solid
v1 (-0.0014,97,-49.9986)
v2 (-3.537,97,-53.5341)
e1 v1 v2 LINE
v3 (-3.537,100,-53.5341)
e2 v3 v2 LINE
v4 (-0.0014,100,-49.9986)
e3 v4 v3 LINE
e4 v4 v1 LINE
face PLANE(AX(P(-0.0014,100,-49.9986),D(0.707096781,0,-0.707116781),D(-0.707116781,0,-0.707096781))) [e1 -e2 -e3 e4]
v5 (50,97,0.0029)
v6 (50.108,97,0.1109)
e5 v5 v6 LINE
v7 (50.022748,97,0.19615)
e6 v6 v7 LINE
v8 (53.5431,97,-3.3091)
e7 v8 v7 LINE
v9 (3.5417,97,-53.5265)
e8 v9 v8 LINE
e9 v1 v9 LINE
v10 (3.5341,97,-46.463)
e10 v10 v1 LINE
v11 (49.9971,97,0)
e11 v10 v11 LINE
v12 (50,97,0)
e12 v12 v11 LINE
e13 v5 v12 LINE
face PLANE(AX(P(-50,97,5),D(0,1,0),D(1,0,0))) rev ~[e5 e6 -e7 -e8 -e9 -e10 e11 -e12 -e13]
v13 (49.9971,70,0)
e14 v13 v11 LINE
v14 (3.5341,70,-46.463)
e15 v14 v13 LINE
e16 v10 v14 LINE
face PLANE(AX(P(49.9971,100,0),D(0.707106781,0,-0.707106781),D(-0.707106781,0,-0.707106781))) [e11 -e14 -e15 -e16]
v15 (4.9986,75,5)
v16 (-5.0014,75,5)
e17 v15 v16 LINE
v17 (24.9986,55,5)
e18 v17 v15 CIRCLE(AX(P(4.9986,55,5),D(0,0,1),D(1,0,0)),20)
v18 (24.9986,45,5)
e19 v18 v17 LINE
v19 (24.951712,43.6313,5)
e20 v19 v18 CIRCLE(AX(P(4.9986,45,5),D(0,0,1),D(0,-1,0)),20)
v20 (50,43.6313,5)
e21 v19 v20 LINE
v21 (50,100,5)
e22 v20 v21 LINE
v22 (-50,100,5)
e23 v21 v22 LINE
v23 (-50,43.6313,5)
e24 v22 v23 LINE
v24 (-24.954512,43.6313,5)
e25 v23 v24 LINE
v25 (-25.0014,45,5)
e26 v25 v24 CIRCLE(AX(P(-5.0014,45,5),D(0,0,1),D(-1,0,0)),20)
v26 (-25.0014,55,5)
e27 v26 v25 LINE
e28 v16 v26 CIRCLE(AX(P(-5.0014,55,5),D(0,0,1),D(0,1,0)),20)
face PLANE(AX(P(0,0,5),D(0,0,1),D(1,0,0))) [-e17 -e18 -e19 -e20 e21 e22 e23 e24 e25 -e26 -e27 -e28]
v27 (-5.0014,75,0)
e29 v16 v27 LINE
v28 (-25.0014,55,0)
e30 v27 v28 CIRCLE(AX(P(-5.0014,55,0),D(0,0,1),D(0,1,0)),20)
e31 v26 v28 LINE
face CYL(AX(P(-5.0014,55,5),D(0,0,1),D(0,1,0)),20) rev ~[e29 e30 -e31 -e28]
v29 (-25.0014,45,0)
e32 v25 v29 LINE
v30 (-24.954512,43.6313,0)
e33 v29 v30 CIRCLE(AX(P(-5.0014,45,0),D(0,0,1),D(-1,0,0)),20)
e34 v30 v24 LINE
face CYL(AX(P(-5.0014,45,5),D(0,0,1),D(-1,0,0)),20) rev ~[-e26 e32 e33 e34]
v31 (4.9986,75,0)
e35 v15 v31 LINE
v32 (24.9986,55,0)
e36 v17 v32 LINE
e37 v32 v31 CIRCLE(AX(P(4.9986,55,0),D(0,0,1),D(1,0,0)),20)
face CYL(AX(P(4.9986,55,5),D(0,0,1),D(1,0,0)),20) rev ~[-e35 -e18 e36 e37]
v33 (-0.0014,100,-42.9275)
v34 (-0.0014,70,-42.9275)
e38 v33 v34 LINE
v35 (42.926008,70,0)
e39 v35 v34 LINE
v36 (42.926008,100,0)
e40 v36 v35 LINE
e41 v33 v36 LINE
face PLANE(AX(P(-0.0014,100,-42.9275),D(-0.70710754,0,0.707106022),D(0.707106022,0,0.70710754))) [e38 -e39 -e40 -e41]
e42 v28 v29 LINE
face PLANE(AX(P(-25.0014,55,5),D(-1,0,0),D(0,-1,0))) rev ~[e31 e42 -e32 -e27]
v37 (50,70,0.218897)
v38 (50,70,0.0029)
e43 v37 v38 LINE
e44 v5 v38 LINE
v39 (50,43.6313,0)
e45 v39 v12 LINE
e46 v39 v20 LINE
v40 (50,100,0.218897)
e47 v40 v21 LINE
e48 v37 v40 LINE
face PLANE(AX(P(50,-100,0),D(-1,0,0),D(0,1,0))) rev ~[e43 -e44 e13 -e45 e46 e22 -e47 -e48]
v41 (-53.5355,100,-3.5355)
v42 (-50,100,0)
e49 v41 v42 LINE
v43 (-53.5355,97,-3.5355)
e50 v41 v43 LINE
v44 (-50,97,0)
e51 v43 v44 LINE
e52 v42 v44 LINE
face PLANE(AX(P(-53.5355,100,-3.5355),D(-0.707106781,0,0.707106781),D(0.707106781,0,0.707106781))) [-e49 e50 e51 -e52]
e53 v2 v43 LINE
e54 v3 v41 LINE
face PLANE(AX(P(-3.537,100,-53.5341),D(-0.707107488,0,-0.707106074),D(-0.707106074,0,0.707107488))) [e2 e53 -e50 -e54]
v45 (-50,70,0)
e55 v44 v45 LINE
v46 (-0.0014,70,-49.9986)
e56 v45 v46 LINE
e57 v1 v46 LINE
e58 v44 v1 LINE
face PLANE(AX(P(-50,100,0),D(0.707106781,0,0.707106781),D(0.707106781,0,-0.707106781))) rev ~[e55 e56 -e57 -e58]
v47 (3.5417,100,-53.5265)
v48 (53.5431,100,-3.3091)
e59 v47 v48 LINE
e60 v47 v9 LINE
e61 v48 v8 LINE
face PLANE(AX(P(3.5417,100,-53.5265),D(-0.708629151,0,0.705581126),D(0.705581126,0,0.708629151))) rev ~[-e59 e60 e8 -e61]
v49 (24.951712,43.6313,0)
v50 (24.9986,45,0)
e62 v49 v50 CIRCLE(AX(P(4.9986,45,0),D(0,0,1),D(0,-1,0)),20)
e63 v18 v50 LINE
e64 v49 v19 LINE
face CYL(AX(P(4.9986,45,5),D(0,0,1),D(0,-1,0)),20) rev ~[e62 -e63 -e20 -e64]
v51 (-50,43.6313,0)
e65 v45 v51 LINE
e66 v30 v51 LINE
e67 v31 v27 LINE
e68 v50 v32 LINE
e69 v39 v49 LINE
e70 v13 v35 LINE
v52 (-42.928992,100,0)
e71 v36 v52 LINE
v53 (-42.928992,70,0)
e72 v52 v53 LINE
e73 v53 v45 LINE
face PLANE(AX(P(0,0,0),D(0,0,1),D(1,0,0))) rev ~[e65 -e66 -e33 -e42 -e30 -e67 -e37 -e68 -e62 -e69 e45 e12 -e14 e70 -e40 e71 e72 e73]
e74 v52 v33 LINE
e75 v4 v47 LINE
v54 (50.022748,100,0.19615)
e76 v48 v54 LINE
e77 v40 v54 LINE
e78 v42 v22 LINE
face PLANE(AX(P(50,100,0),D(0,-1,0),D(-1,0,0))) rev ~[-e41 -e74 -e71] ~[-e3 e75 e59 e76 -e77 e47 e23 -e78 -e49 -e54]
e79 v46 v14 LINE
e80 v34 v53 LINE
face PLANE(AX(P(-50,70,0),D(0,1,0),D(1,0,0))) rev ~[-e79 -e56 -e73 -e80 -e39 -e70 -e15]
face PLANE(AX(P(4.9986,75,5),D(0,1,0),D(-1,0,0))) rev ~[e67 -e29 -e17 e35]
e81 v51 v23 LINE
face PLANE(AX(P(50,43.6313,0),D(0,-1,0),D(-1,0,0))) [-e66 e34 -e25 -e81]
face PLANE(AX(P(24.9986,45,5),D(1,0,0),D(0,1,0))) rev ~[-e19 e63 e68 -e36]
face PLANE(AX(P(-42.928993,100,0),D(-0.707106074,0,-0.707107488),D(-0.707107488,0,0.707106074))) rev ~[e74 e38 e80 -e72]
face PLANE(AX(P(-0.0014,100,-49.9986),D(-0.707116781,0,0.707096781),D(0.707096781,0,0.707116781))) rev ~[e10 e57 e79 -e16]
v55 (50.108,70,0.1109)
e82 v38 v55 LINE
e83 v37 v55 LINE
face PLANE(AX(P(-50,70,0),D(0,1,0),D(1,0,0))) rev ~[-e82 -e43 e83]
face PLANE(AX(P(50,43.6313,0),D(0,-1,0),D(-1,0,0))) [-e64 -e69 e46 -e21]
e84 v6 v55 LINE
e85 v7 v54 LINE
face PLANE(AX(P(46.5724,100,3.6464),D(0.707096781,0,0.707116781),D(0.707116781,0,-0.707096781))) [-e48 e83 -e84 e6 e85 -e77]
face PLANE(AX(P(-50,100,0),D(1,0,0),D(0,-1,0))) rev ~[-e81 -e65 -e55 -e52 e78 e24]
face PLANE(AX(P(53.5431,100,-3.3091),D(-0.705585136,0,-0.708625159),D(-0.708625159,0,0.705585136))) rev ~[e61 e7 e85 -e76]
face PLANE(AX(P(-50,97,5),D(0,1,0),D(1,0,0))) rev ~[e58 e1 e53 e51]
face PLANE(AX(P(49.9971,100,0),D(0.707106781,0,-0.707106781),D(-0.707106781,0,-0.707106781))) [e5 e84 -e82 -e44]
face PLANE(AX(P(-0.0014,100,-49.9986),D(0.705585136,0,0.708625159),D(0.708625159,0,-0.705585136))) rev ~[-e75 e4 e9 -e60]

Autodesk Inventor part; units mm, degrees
ref_plane "YZ Plane" through (0, 0, 0) normal (1, 0, 0) x (0, 1, 0)
ref_plane "XZ Plane" through (0, 0, 0) normal (0, 1, 0) x (-1, 0, 0)
ref_plane "XY Plane" through (0, 0, 0) normal (0, 0, 1) x (1, 0, 0)
sketch "Sketch1" plane through (0, 0, 0) normal (0, 0, 1) x (1, 0, 0)
  line L0 (-50, -100) -> (50, -100)
  line L1 (50, -100) -> (50, 100)
  line L2 (50, 100) -> (-50, 100)
  line L3 (-50, 100) -> (-50, -100)
  line L4 (-50, -100) -> (50, 100) construction
  line L5 (50, -100) -> (-50, 100) construction
  point P0 (0, 0)
  dimension "d0" = 100
  dimension "d1" = 200
extrude "Extrusion1" add sketch "Sketch1" along normal blind 5
sketch "Sketch2" plane through (-50, 100, 0) normal (0, 1, 0) x (1, 0, 0)
  line L0 (0, 0) -> (100, 0) projected
  line L1 (0, 0) -> (49.9986, 49.9986)
  line L2 (49.9986, 49.9986) -> (53.5341, 46.463)
  line L3 (53.5341, 46.463) -> (3.5355, -3.5355)
  line L4 (3.5355, -3.5355) -> (0, 0)
  line L5 (0, 0) -> (70.7086, 0) construction
  line L6 (100.108, -0.1109) -> (53.5341, 46.463)
  line L7 (53.5341, 46.463) -> (49.9986, 42.9275)
  line L8 (49.9986, 42.9275) -> (96.5724, -3.6464)
  line L9 (96.5724, -3.6464) -> (100.108, -0.1109)
  point P0 (50, 0)
  point P1 (49.9986, 42.9275)
  dimension "d4" = 45
  dimension "d5" = 5
  dimension "d6" = 5
extrude "Extrusion2" add sketch "Sketch2" against normal blind 30 contours L1 L2 L3 L0 | L0 L3 L4 | L8 L3 L6 L0 | L0 L6 L9 L8
sketch "Sketch6" plane through (0, 0, 5) normal (0, 0, 1) x (1, 0, 0)
  line L0 (4.9986, 75) -> (-5.0014, 75)
  line L1 (-25.0014, 55) -> (-25.0014, 45)
  line L2 (-5.0014, 25) -> (4.9986, 25)
  line L3 (24.9986, 45) -> (24.9986, 55)
  line L4 (24.9986, 75) -> (-25.0014, 25) construction
  line L5 (-25.0014, 75) -> (24.9986, 25) construction
  arc A0 (4.9986, 25) -> (24.9986, 45) centre (4.9986, 45) ccw
  arc A1 (24.9986, 55) -> (4.9986, 75) centre (4.9986, 55) ccw
  arc A2 (-5.0014, 75) -> (-25.0014, 55) centre (-5.0014, 55) ccw
  arc A3 (-25.0014, 45) -> (-5.0014, 25) centre (-5.0014, 45) ccw
  point P0 (0, 0)
  point P1 (-0.0014, 50)
  dimension "d21" = 50
  dimension "d22" = 50
  dimension "d23" = 20
extrude "Extrusion6" cut sketch "Sketch6" against normal blind 5
sketch "Sketch10" plane through (-50, 100, 5) normal (0, 1, 0) x (1, 0, 0)
  line L0 (0, 5) -> (7.0711, 5) projected
  line L1 (49.9986, 54.9986) -> (99.9971, 5) projected
  line L2 (0, 5) -> (49.9986, 54.9986)
  line L3 (49.9986, 54.9986) -> (46.463, 58.5341)
  line L4 (46.463, 58.5341) -> (-3.5355, 8.5355)
  line L5 (-3.5355, 8.5355) -> (0, 5)
  line L6 (100, 4.7812) -> (100, 0) projected
  line L7 (100, 4.7812) -> (49.9986, 54.9986)
  line L8 (49.9986, 54.9986) -> (53.5417, 58.5265)
  line L9 (53.5417, 58.5265) -> (103.5431, 8.3091)
  line L10 (103.5431, 8.3091) -> (100, 4.7812)
  line L11 (92.926, 5) -> (49.9986, 47.9275) projected
  line L12 (100, 0) -> (0, 0) projected
  line L13 (0, 0) -> (100, 0)
  point P0 (50, 5)
  dimension "d33" = 5
  dimension "d34" = 5
extrude "Extrusion9" add sketch "Sketch10" against normal blind 3
sketch "Sketch12" plane through (0, 0, 0) normal (0, 0, -1) x (-1, 0, 0)
  point P0 (0, 0)
sketch "Sketch13" plane through (0, 0, 0) normal (0, 0, -1) x (-1, 0, 0)
  line L0 (50, 100) -> (50, -100) projected
  line L1 (-50, -100) -> (-50, 97) projected
  line L2 (50, -100) -> (-50, -100)
  line L3 (-50, -100) -> (-50, 43.6313)
  line L4 (-50, 43.6313) -> (50, 43.6313)
  line L5 (50, 43.6313) -> (50, -100)
  point P0 (0, 0)
extrude "Extrusion10" cut sketch "Sketch13" against normal through all
properties part number "fixation_v08_ephys"
